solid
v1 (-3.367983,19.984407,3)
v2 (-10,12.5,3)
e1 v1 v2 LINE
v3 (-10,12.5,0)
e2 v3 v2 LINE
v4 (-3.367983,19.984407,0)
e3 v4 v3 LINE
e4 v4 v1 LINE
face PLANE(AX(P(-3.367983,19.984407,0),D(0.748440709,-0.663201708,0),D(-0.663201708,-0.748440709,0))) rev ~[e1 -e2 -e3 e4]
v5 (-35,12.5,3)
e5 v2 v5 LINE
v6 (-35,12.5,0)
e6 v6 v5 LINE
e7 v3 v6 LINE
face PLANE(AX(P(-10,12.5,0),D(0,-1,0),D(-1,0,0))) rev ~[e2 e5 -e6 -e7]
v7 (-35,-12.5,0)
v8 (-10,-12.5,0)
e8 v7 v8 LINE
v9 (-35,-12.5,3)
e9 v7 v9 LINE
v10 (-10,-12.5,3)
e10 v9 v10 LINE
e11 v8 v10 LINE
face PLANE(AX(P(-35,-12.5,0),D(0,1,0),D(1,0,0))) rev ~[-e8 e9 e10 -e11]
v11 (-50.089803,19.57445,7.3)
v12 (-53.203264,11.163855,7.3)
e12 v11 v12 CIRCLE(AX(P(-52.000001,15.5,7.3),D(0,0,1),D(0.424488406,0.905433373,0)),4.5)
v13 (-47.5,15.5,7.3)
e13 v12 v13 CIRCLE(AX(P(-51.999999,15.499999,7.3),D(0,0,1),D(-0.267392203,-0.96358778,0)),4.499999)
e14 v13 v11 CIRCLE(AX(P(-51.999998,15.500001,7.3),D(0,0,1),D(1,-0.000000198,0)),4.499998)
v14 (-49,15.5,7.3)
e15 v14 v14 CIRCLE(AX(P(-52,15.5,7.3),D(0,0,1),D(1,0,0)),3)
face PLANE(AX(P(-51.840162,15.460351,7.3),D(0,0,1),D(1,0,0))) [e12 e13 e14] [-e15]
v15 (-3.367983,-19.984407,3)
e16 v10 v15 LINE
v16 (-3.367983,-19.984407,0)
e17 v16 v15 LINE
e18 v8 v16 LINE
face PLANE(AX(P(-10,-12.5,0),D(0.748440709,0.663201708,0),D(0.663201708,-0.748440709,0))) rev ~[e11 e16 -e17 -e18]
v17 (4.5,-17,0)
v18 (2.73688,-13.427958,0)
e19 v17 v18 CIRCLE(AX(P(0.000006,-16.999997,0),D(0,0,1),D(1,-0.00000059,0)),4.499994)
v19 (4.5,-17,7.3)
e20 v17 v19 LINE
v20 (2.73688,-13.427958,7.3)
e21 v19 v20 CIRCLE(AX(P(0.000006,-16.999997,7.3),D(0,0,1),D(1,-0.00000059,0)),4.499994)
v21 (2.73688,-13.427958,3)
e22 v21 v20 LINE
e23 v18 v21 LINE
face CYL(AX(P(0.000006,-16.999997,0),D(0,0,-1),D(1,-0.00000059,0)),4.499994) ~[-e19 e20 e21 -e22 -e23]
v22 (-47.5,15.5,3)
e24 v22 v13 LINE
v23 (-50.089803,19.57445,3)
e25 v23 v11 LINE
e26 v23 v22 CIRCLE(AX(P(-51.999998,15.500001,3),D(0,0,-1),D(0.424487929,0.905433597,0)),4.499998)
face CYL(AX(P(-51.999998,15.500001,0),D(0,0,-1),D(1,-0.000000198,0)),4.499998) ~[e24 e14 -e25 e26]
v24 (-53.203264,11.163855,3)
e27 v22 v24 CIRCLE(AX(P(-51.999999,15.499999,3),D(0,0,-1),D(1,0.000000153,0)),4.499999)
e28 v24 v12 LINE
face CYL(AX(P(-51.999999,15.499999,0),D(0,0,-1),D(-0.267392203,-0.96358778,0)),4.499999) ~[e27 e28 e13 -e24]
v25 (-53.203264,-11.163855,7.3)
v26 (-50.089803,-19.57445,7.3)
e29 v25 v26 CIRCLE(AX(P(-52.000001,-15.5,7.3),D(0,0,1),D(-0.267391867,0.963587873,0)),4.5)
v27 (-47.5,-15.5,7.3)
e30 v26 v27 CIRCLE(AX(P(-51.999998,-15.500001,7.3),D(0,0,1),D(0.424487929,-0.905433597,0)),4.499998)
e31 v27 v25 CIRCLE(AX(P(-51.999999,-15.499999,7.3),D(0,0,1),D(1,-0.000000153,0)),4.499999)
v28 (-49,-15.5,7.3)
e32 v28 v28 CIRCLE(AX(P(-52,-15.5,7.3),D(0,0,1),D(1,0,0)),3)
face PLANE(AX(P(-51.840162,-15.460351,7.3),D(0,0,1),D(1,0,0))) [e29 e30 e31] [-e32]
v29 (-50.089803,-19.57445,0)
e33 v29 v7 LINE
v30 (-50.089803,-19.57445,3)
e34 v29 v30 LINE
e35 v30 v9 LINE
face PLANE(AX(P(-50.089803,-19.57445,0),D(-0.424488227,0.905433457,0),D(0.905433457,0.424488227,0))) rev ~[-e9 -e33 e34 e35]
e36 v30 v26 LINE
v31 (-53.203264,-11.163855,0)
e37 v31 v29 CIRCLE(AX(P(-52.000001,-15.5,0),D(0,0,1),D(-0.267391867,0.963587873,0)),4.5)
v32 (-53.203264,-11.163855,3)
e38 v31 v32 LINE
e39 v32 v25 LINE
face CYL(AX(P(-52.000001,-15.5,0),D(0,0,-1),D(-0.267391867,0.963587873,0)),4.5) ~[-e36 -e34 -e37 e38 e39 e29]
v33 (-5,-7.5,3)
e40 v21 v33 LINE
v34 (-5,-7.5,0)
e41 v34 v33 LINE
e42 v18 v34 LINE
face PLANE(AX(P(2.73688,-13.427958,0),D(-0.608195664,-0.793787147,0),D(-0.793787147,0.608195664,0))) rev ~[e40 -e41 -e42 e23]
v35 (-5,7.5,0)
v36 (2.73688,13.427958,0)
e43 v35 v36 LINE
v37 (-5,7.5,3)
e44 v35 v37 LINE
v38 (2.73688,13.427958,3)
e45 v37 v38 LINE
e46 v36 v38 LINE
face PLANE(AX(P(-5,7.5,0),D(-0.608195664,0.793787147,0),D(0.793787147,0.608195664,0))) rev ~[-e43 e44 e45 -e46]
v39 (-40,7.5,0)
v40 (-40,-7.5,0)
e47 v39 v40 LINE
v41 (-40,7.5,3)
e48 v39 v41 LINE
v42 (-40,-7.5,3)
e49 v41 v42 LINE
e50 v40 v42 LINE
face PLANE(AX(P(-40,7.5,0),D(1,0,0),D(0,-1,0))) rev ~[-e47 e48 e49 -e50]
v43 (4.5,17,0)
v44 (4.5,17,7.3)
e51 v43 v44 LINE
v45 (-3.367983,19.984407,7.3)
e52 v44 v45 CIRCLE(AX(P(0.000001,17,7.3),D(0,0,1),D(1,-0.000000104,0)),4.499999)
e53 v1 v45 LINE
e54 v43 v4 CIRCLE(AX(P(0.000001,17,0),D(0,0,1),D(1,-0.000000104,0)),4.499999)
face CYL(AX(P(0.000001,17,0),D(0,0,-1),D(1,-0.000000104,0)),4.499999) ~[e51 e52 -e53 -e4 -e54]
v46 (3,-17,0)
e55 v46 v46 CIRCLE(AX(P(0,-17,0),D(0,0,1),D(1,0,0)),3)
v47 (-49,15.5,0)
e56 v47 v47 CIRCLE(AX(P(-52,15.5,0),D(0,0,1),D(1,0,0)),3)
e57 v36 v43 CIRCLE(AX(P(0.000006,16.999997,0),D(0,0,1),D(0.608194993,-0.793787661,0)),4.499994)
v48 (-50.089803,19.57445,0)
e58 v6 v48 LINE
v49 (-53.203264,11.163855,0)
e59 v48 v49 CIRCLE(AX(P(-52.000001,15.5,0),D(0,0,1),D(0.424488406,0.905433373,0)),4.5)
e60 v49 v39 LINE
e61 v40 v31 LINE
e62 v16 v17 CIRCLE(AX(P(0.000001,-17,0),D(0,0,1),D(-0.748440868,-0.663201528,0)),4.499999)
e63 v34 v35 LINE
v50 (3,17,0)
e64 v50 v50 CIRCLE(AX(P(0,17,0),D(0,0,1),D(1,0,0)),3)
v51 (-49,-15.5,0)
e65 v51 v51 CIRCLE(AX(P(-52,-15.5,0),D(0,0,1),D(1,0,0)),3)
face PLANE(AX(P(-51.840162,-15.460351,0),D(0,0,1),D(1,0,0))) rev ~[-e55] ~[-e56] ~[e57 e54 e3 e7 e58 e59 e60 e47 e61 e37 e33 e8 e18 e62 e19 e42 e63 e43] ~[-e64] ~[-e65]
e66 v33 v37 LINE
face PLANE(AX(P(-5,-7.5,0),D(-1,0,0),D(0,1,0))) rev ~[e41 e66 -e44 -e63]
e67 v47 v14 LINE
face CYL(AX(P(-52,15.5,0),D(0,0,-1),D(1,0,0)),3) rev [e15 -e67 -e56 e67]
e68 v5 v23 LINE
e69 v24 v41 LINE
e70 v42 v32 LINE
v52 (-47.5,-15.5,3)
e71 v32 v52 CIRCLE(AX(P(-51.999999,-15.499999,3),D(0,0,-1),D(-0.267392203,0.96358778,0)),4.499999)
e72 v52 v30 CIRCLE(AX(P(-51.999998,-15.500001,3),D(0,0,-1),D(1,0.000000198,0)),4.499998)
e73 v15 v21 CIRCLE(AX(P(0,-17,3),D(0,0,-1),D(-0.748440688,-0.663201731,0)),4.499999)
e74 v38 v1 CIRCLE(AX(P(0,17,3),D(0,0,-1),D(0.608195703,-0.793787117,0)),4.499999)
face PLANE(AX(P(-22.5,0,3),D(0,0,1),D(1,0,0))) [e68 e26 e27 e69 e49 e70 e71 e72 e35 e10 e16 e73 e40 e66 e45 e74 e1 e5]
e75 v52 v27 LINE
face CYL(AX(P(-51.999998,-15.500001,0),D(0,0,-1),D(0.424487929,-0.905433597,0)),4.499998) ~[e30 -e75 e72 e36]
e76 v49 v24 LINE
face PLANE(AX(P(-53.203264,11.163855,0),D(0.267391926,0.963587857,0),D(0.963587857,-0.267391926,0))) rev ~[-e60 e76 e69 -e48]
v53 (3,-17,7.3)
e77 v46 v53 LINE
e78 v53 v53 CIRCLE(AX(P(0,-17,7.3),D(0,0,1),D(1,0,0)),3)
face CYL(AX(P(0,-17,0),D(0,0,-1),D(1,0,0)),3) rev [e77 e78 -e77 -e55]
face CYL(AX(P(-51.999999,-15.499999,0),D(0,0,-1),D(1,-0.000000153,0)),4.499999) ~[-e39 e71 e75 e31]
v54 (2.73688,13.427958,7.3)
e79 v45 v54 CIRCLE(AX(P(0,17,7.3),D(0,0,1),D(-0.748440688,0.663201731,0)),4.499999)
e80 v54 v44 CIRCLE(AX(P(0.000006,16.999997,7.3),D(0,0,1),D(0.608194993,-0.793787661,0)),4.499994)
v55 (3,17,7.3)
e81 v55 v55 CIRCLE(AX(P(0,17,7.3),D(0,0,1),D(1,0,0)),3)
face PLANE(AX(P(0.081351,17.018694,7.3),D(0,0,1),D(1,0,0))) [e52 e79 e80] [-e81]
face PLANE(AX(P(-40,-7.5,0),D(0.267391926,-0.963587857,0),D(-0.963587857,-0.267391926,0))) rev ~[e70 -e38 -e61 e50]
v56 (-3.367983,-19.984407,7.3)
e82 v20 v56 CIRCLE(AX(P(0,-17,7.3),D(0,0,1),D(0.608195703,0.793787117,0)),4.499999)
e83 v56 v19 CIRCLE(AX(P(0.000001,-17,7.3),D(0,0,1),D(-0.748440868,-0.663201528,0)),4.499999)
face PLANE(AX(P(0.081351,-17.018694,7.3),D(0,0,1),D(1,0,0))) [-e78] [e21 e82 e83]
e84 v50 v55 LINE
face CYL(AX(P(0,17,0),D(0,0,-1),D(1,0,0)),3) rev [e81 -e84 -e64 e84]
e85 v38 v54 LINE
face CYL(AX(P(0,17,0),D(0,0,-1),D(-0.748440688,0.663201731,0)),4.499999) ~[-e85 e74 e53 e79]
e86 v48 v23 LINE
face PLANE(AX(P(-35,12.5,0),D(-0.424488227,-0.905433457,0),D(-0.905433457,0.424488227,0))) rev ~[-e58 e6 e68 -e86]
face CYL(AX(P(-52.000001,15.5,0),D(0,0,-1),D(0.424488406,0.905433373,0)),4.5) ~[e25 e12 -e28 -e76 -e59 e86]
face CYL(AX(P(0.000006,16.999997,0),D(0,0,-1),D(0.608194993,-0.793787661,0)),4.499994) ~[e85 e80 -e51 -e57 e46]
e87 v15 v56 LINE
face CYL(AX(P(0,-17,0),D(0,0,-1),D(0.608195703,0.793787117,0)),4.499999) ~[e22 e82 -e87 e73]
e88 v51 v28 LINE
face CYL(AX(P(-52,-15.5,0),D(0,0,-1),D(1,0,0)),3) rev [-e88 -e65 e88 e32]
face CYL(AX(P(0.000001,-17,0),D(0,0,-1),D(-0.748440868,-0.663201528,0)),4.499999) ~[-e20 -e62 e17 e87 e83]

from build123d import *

# Parameters (mm, degrees)
F1_DEPTH = 3
F0_R     = 3
F2_DEPTH = 7.3


with BuildPart() as f1:
    # F0 (on Top) → F1 (new body)
    with BuildSketch(Plane.XY):
        Polygon((-10, 12.5), (-35, 12.5), (-40, 12.5), (-40, 7.5), (-40, -7.5), (-40, -12.5), (-35, -12.5), (-10, -12.5), (-5, -12.5), (-5, -7.5), (-5, 7.5), (-5, 12.5), align=None)
        with BuildLine():
            Line((-3.367983, 19.984407), (-10, 12.5))
            Line((-10, 12.5), (-5, 12.5))
            Line((-5, 12.5), (-5, 7.5))
            Line((-5, 7.5), (2.73688, 13.427958))
            ThreePointArc((2.73688, 13.427958), (-3.293377, 13.93346), (-3.367983, 19.984407))
        make_face()
        with BuildLine():
            ThreePointArc((-50.089803, 19.57445), (-48.202245, 17.91393), (-47.5, 15.5))
            ThreePointArc((-47.5, 15.5), (-49.276462, 11.917774), (-53.203264, 11.163855))
            Line((-53.203264, 11.163855), (-40, 7.5))
            Line((-40, 7.5), (-40, 12.5))
            Line((-40, 12.5), (-35, 12.5))
            Line((-35, 12.5), (-50.089803, 19.57445))
        make_face()
        with BuildLine():
            Line((-40, -12.5), (-40, -7.5))
            Line((-40, -7.5), (-53.203264, -11.163855))
            ThreePointArc((-53.203264, -11.163855), (-49.276462, -11.917774), (-47.5, -15.5))
            ThreePointArc((-47.5, -15.5), (-48.202245, -17.91393), (-50.089803, -19.57445))
            Line((-50.089803, -19.57445), (-35, -12.5))
            Line((-35, -12.5), (-40, -12.5))
        make_face()
        with BuildLine():
            Line((2.73688, -13.427958), (-5, -7.5))
            Line((-5, -7.5), (-5, -12.5))
            Line((-5, -12.5), (-10, -12.5))
            Line((-10, -12.5), (-3.367983, -19.984407))
            ThreePointArc((-3.367983, -19.984407), (-3.293377, -13.93346), (2.73688, -13.427958))
        make_face()
    extrude(amount=F1_DEPTH)

    # F0 (on Top) → F2 (join)
    with BuildSketch(Plane.XY):
        with BuildLine():
            ThreePointArc((-47.5, -15.5), (-49.276462, -11.917774), (-53.203264, -11.163855))
            ThreePointArc((-53.203264, -11.163855), (-56.220127, -17.06222), (-50.089803, -19.57445))
            ThreePointArc((-50.089803, -19.57445), (-48.202245, -17.91393), (-47.5, -15.5))
        make_face()
        with Locations((-52, -15.5)):
            Circle(F0_R, mode=Mode.SUBTRACT)
        with BuildLine():
            ThreePointArc((-53.203264, 11.163855), (-49.276462, 11.917774), (-47.5, 15.5))
            ThreePointArc((-47.5, 15.5), (-48.202245, 17.91393), (-50.089803, 19.57445))
            ThreePointArc((-50.089803, 19.57445), (-56.220127, 17.06222), (-53.203264, 11.163855))
        make_face()
        with Locations((-52, 15.5)):
            Circle(F0_R, mode=Mode.SUBTRACT)
        with BuildLine():
            ThreePointArc((4.5, -17), (4.035218, -15.008262), (2.73688, -13.427958))
            ThreePointArc((2.73688, -13.427958), (-3.293377, -13.93346), (-3.367983, -19.984407))
            ThreePointArc((-3.367983, -19.984407), (1.595944, -21.207489), (4.5, -17))
        make_face()
        with Locations((0, -17)):
            Circle(F0_R, mode=Mode.SUBTRACT)
        with BuildLine():
            ThreePointArc((4.5, 17), (1.595944, 21.207489), (-3.367983, 19.984407))
            ThreePointArc((-3.367983, 19.984407), (-3.293377, 13.93346), (2.73688, 13.427958))
            ThreePointArc((2.73688, 13.427958), (4.035218, 15.008262), (4.5, 17))
        make_face()
        with Locations((0, 17)):
            Circle(F0_R, mode=Mode.SUBTRACT)
    extrude(amount=F2_DEPTH)


solid = f1.part
